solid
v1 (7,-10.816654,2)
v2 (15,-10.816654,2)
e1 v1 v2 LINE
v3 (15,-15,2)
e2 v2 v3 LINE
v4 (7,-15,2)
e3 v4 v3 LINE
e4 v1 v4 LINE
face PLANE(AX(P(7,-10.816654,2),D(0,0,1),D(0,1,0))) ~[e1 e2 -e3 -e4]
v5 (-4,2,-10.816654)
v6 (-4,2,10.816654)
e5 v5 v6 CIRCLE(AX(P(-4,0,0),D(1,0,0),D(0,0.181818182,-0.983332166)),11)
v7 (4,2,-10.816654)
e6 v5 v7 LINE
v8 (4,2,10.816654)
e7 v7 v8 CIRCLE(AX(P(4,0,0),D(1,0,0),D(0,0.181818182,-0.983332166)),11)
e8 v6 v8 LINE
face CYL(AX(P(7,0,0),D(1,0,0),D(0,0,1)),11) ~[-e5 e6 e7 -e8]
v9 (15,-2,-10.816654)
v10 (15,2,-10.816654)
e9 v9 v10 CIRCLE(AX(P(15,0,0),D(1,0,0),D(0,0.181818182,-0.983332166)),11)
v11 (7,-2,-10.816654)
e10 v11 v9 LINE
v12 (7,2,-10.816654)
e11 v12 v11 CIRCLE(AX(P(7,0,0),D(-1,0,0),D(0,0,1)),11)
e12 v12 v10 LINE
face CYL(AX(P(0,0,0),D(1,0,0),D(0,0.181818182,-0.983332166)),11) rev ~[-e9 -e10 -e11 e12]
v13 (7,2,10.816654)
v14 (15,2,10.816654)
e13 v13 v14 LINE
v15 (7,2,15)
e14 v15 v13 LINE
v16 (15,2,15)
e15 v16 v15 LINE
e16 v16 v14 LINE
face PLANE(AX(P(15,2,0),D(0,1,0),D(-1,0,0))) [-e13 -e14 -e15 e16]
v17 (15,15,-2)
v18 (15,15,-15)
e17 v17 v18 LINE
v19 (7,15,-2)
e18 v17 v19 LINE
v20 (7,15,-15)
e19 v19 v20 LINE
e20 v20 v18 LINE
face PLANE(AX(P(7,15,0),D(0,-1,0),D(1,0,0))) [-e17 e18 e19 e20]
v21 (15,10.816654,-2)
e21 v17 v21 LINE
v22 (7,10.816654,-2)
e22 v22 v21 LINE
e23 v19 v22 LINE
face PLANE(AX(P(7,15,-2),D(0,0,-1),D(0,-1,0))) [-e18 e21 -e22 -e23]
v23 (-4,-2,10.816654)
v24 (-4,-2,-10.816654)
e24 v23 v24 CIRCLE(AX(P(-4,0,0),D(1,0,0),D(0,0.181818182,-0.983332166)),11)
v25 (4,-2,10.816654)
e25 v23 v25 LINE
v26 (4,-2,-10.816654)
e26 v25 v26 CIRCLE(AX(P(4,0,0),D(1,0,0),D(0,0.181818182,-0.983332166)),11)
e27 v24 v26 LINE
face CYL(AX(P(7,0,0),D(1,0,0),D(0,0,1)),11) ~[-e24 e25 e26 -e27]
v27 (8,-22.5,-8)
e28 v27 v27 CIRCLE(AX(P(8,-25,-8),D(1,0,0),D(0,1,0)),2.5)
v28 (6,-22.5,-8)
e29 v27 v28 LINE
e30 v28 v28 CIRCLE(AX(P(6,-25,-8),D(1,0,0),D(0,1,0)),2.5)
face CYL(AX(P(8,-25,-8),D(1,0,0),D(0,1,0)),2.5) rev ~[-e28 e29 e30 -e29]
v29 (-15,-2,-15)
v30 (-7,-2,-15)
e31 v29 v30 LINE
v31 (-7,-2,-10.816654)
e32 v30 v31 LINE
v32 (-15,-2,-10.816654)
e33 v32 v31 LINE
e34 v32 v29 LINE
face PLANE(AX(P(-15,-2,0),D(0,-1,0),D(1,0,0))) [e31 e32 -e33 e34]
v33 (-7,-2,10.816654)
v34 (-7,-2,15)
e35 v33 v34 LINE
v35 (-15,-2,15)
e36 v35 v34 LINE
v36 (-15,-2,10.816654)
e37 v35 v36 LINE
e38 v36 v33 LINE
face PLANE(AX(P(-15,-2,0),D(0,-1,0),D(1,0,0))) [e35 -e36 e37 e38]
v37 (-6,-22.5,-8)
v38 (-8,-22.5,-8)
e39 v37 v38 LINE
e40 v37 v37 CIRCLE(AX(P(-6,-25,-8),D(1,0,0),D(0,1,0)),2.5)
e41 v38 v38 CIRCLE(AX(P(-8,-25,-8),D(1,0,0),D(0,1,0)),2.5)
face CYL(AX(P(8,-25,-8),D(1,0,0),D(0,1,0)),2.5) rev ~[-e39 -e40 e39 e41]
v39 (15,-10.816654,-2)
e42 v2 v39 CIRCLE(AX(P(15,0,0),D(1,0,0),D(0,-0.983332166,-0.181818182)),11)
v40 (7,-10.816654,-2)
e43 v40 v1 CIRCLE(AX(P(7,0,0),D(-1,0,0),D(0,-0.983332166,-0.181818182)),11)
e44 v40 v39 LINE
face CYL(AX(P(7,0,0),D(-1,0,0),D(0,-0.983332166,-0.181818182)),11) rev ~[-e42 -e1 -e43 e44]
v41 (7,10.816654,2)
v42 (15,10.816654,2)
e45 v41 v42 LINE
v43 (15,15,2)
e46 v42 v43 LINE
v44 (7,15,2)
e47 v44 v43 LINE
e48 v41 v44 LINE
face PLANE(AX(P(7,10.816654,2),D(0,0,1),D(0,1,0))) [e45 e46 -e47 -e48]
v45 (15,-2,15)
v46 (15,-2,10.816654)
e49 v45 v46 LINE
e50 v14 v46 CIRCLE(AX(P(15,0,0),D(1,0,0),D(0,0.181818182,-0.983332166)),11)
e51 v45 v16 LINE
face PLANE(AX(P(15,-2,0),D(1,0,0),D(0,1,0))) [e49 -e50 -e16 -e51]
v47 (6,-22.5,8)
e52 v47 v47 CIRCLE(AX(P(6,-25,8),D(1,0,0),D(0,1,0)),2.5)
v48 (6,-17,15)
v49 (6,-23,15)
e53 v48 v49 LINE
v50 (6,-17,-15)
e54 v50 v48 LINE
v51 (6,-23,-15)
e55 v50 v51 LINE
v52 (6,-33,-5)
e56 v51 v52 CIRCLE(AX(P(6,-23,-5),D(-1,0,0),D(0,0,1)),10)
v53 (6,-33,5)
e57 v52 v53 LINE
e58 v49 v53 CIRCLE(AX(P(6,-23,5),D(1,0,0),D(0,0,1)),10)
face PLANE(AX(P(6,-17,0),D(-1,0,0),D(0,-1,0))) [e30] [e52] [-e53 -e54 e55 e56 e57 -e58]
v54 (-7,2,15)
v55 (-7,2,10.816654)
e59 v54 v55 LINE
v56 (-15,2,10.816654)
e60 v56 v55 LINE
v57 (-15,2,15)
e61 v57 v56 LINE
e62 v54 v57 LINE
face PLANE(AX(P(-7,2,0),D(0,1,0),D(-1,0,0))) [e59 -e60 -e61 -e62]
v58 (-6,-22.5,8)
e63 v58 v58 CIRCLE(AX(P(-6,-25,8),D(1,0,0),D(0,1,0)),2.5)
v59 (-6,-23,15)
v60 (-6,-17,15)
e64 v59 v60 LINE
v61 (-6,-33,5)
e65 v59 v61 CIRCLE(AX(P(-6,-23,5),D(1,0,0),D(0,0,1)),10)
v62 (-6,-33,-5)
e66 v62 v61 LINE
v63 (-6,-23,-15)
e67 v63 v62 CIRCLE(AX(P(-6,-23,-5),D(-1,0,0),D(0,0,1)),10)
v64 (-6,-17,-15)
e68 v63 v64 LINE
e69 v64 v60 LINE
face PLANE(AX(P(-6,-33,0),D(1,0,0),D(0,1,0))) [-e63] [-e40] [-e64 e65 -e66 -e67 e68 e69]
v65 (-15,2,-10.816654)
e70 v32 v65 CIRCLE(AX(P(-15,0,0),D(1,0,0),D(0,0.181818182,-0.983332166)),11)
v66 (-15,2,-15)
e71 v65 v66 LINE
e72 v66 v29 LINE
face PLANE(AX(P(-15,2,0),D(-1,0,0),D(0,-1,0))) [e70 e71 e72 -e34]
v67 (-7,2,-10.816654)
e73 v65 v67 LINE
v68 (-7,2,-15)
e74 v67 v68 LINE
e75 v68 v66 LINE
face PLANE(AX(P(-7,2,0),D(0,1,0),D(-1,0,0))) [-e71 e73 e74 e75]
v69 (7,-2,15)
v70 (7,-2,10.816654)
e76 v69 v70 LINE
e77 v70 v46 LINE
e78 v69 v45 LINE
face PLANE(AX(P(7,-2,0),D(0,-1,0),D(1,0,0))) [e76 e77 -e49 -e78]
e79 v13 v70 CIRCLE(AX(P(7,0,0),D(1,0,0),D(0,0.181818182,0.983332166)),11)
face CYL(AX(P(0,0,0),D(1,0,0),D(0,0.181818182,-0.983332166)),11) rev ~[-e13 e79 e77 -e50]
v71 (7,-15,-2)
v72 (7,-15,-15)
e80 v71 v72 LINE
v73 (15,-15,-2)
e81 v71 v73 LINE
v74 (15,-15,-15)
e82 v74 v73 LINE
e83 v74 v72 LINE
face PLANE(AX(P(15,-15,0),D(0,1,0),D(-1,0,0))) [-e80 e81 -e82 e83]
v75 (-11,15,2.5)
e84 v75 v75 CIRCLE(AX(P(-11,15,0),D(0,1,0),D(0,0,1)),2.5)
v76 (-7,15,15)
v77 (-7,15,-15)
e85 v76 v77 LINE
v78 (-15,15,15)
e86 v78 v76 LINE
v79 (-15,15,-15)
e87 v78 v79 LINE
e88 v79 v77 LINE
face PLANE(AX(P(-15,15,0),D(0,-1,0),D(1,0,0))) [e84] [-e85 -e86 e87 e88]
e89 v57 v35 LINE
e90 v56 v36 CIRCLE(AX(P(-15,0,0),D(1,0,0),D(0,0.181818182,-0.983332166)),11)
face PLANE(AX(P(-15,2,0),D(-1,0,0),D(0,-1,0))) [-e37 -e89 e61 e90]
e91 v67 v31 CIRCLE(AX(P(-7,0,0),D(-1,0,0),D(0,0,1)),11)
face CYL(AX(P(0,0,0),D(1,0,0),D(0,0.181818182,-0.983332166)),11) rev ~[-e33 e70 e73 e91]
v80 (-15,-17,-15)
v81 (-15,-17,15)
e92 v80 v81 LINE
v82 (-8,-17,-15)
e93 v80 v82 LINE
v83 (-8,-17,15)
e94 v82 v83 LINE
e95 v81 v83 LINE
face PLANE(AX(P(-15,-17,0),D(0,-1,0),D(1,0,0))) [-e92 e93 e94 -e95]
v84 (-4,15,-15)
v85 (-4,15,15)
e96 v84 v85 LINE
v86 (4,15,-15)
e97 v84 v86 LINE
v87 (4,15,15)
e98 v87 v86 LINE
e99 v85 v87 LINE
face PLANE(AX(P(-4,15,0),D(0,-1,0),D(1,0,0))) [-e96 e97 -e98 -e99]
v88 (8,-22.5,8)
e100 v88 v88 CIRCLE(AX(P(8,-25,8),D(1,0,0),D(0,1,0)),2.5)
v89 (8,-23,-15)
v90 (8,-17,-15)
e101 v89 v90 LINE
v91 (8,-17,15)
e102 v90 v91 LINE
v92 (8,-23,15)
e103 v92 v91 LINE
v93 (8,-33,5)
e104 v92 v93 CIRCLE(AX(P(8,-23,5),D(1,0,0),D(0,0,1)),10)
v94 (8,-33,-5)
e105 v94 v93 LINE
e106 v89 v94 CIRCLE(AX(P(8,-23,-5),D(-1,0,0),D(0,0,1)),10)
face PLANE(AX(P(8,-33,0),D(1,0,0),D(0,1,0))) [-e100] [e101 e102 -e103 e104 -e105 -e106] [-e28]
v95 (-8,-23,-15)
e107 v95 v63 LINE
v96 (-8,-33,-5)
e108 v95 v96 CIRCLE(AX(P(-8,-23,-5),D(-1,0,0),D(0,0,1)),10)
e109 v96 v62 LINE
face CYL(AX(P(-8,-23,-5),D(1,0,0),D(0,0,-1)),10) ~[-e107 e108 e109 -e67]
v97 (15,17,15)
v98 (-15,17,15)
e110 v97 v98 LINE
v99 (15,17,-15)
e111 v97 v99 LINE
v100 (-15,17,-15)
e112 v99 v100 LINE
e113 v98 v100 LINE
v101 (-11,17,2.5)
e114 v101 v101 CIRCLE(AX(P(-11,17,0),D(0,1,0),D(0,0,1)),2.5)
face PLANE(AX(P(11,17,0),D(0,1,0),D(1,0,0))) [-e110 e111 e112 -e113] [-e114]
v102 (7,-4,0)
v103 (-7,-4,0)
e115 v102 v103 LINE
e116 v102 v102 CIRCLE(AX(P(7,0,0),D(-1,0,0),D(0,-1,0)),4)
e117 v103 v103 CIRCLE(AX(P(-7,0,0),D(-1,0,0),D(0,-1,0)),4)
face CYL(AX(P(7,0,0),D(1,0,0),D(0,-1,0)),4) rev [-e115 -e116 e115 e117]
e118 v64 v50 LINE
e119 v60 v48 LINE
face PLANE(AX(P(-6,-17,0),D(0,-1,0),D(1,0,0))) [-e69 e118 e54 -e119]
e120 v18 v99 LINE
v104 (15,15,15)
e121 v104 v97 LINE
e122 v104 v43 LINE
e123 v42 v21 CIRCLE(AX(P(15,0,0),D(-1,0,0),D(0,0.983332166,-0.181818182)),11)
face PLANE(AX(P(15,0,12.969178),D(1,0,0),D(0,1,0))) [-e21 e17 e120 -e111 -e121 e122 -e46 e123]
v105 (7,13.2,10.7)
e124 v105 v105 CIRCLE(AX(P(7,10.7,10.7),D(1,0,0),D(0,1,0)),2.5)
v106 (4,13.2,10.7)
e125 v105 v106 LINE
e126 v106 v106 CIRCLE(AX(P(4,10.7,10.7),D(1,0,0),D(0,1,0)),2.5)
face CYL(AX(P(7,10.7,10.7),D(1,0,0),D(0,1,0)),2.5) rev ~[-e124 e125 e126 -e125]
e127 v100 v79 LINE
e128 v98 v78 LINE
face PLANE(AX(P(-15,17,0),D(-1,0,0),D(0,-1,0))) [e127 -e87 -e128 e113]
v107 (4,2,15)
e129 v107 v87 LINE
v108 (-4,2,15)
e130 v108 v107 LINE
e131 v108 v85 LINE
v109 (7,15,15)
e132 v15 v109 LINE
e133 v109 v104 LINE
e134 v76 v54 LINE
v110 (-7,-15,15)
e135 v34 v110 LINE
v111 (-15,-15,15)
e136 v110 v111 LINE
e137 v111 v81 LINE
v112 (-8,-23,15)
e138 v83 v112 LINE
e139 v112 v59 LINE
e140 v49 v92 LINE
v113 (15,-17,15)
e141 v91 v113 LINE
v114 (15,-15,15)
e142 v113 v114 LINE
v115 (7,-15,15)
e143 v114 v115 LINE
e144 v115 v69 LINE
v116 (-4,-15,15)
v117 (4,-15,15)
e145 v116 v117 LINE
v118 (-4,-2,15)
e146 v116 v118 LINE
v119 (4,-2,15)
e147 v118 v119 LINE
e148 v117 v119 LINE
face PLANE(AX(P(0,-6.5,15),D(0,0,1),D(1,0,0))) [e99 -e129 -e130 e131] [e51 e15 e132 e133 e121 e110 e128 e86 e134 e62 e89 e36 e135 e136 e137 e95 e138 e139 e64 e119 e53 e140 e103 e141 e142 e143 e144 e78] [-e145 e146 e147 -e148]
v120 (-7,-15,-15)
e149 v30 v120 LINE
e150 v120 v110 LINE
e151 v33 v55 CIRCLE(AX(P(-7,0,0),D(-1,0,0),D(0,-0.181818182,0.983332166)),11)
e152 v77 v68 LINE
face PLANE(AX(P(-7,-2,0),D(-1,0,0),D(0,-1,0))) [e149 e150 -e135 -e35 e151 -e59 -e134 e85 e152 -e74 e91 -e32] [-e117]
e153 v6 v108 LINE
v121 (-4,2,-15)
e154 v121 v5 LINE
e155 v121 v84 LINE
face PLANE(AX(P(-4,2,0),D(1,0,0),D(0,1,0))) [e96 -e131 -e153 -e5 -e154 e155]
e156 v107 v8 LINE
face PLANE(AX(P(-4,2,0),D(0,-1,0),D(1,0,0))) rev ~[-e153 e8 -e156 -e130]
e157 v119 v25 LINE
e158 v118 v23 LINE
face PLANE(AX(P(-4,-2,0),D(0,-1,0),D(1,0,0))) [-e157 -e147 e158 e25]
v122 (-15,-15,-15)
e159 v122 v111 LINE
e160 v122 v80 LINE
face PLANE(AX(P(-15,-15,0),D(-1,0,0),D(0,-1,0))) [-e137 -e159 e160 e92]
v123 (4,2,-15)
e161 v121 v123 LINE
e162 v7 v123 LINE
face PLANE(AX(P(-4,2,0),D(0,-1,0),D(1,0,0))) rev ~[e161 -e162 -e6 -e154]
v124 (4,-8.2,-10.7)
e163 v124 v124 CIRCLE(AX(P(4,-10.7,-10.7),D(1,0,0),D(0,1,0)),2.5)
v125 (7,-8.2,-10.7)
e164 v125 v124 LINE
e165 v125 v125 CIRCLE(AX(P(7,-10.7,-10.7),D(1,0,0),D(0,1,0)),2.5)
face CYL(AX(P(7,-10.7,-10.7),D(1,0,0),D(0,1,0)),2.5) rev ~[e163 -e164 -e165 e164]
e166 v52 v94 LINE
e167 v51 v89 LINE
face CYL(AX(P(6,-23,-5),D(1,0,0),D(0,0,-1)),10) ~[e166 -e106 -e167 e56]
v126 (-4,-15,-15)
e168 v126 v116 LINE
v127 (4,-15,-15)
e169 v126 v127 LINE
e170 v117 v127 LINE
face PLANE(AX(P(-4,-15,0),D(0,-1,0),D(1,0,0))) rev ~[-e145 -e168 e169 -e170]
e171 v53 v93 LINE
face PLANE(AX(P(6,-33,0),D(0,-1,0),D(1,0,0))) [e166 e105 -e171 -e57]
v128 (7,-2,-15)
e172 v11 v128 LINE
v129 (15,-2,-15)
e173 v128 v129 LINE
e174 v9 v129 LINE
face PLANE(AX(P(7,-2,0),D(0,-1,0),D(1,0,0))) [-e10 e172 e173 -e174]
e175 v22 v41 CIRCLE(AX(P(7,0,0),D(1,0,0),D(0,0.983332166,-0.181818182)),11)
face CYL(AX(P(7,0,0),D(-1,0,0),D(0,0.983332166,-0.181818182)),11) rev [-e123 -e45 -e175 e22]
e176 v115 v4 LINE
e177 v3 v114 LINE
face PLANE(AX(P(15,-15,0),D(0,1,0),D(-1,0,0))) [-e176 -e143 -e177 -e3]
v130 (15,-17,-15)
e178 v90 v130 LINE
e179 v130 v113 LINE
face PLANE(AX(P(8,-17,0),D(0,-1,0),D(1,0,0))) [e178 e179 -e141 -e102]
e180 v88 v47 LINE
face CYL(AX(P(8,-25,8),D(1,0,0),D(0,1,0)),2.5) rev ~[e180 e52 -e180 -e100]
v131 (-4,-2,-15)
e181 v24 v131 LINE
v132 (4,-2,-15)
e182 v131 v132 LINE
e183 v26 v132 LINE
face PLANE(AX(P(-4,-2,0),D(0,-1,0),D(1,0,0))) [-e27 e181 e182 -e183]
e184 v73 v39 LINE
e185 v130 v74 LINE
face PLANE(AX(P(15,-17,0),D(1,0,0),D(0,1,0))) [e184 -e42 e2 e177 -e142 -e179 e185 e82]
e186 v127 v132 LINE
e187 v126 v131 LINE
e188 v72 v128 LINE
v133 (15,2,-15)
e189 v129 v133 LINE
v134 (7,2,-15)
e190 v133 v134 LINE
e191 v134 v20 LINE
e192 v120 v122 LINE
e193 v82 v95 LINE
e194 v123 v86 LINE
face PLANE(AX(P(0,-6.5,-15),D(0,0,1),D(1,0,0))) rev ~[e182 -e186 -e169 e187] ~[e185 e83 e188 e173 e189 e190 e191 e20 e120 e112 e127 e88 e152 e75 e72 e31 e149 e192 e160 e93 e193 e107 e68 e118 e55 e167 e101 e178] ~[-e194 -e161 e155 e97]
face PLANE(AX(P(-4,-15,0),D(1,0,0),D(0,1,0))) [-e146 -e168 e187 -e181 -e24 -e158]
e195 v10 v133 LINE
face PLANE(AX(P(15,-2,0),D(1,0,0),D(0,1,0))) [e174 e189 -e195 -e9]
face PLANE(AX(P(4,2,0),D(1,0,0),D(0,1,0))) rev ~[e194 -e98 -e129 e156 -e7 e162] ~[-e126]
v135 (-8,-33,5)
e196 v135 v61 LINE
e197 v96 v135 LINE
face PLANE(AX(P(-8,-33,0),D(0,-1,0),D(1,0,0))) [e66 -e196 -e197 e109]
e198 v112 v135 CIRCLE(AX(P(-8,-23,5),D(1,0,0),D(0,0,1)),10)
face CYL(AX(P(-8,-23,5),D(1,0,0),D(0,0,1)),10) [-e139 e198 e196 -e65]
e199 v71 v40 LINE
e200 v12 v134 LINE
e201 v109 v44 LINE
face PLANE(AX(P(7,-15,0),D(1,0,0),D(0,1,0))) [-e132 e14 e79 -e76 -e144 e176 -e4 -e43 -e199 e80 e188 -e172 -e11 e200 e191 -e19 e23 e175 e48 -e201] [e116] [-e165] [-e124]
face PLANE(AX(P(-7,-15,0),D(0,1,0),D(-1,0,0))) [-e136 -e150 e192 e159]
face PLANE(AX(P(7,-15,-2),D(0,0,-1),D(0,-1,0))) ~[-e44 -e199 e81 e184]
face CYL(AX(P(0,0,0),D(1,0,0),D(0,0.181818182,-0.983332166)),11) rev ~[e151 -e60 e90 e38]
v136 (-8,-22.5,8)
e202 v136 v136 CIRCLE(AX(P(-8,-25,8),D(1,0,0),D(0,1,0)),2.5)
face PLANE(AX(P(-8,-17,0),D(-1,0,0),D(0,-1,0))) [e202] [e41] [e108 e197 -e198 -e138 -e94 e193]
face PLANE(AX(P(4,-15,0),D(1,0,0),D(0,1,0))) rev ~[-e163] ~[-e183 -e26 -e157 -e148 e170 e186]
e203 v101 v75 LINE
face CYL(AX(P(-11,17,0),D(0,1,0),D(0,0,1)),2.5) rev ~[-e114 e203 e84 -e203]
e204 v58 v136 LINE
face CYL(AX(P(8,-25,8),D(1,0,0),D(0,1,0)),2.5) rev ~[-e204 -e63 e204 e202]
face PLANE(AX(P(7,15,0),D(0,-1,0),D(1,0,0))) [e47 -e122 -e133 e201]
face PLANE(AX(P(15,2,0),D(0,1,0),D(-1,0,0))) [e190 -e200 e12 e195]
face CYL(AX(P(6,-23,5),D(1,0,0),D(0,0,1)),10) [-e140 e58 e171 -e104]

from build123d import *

# Parameters (mm, degrees)
CROQUIS1_W              = 8
CROQUIS1_H              = 13
SALIENTE_EXTRUIR1_DEPTH = 15
CROQUIS3_R              = 11
CORTAR_EXTRUIR1_DEPTH   = 15
CROQUIS4_R              = 2.5
CORTAR_EXTRUIR2_DEPTH   = 30
REDONDEO1_R             = 10
CROQUIS5_R              = 2.5
CORTAR_EXTRUIR3_DEPTH   = 2
BOSS_EXTRUDE1_REACH     = 44.403
SKETCH2_R               = 2.5
CUT_EXTRUDE1_DEPTH      = 3
BOSS_EXTRUDE2_START     = -14
SKETCH3_R               = 11
SKETCH3_R_2             = 4
BOSS_EXTRUDE2_DEPTH     = 14
SKETCH4_R               = 2.5
BOSS_EXTRUDE4_DEPTH     = 2


with BuildPart() as part:
    # Croquis1 → Saliente-Extruir1 (new, symmetric)
    with BuildSketch(Plane.XY):
        Polygon((-15, -2), (-7, -2), (-7, -15), (-15, -15), (-15, -17), (-8, -17), (-8, -33), (-6, -33), (-6, -17), (6, -17), (6, -33), (8, -33), (8, -17), (15, -17), (15, -15), (7, -15), (7, -2), (15, -2), (15, 2), (7, 2), (7, 15), (15, 15), (15, 17), (-15, 17), (-15, 15), (-7, 15), (-7, 2), (-15, 2), align=None)
        with Locations((0, 8.5)):
            Rectangle(CROQUIS1_W, CROQUIS1_H, mode=Mode.SUBTRACT)
        with Locations((0, -8.5)):
            Rectangle(CROQUIS1_W, CROQUIS1_H, mode=Mode.SUBTRACT)
    extrude(amount=SALIENTE_EXTRUIR1_DEPTH, both=True)

    # Croquis3 → Cortar-Extruir1 (cut, symmetric)
    with BuildSketch(Plane(origin=(0, 0, 0), x_dir=(0, 0, -1), z_dir=(1, 0, 0))):
        with Locations(Location((0, 0, 0), (0, 0, 10.475681696))):
            Circle(CROQUIS3_R)
    extrude(amount=CORTAR_EXTRUIR1_DEPTH, both=True, mode=Mode.SUBTRACT)

    # Croquis4 → Cortar-Extruir2 (cut)
    with BuildSketch(Plane(origin=(8, 0, 0), x_dir=(0, 0, -1), z_dir=(1, 0, 0))):
        with Locations(Location((-8, -25, 0), (0, 0, 90))):
            Circle(CROQUIS4_R)
        with Locations(Location((8, -25, 0), (0, 0, 90))):
            Circle(CROQUIS4_R)
    extrude(amount=-CORTAR_EXTRUIR2_DEPTH, mode=Mode.SUBTRACT)

    # Redondeo1
    redondeo1_edges = [part.edges().sort_by_distance(p)[0] for p in [
        (7, -33, -15),
        (-7, -33, -15),
        (-7, -33, 15),
        (7, -33, 15),
    ]]
    fillet(redondeo1_edges, radius=REDONDEO1_R)

    # Croquis5 → Cortar-Extruir3 (cut)
    with BuildSketch(Plane(origin=(0, 17, 0), x_dir=(1, 0, 0), z_dir=(0, 1, 0))):
        with Locations(Location((-11, 0, 0), (0, 0, 270))):
            Circle(CROQUIS5_R)
        with Locations(Location((11, 0, 0), (0, 0, 270))):
            Circle(CROQUIS5_R)
    extrude(amount=-CORTAR_EXTRUIR3_DEPTH, mode=Mode.SUBTRACT)

    # Boss-Extrude1: up to this face of the body (flat: up to its plane)
    boss_extrude1_end = Plane(part.part.faces().sort_by_distance((15, 0, 12.969177885))[0])
    # Sketch1 → Boss-Extrude1 (add, up to the picked face)
    with BuildSketch(Plane(origin=(7, 0, 0), x_dir=(0, 0, -1), z_dir=(1, 0, 0)), mode=Mode.PRIVATE) as boss_extrude1_sk1:
        with BuildLine():
            Line((-2, 15), (2, 15))
            Line((2, 15), (2, 10.816653826))
            ThreePointArc((2, 10.816653826), (0, 11), (-2, 10.816653826))
            Line((-2, 10.816653826), (-2, 15))
        make_face()
    boss_extrude1_tool1 = split(extrude(boss_extrude1_sk1.sketch, amount=BOSS_EXTRUDE1_REACH, mode=Mode.PRIVATE), bisect_by=boss_extrude1_end, keep=Keep.BOTH, mode=Mode.PRIVATE)
    boss_extrude1 = boss_extrude1_tool1.solids().sort_by(Axis((7, 12.969178, 0), (1, 0, 0)))[0]
    add(boss_extrude1)

    # Mirror1: Boss-Extrude1 across plane
    add(boss_extrude1.mirror(Plane.ZX))

    # Sketch2 → Cut-Extrude1 (cut)
    with BuildSketch(Plane(origin=(7, 0, 0), x_dir=(0, 0, -1), z_dir=(1, 0, 0))):
        with Locations(Location((-10.7, 10.7, 0), (0, 0, 90))):
            Circle(SKETCH2_R)
        with Locations(Location((10.7, -10.7, 0), (0, 0, 90))):
            Circle(SKETCH2_R)
    extrude(amount=-CUT_EXTRUDE1_DEPTH, mode=Mode.SUBTRACT)

    # Sketch3 → Boss-Extrude2 (add)
    with BuildSketch(Plane.ZY.offset(7).offset(BOSS_EXTRUDE2_START)):
        Circle(SKETCH3_R)
        with Locations(Location((0, 0, 0), (0, 0, 270))):
            Circle(SKETCH3_R_2, mode=Mode.SUBTRACT)
    boss_extrude2 = extrude(amount=BOSS_EXTRUDE2_DEPTH)

    # Mirror2: Boss-Extrude2 across plane
    add(boss_extrude2.mirror(Plane(origin=(0, 0, 0), x_dir=(0, 0, 1), z_dir=(1, 0, 0))))

    # Sketch4 → Boss-Extrude4 (add)
    with BuildSketch(Plane(origin=(0, 17, 0), x_dir=(1, 0, 0), z_dir=(0, 1, 0))):
        with Locations((11, 0)):
            Circle(SKETCH4_R)
    extrude(amount=-BOSS_EXTRUDE4_DEPTH)


solid = part.part
